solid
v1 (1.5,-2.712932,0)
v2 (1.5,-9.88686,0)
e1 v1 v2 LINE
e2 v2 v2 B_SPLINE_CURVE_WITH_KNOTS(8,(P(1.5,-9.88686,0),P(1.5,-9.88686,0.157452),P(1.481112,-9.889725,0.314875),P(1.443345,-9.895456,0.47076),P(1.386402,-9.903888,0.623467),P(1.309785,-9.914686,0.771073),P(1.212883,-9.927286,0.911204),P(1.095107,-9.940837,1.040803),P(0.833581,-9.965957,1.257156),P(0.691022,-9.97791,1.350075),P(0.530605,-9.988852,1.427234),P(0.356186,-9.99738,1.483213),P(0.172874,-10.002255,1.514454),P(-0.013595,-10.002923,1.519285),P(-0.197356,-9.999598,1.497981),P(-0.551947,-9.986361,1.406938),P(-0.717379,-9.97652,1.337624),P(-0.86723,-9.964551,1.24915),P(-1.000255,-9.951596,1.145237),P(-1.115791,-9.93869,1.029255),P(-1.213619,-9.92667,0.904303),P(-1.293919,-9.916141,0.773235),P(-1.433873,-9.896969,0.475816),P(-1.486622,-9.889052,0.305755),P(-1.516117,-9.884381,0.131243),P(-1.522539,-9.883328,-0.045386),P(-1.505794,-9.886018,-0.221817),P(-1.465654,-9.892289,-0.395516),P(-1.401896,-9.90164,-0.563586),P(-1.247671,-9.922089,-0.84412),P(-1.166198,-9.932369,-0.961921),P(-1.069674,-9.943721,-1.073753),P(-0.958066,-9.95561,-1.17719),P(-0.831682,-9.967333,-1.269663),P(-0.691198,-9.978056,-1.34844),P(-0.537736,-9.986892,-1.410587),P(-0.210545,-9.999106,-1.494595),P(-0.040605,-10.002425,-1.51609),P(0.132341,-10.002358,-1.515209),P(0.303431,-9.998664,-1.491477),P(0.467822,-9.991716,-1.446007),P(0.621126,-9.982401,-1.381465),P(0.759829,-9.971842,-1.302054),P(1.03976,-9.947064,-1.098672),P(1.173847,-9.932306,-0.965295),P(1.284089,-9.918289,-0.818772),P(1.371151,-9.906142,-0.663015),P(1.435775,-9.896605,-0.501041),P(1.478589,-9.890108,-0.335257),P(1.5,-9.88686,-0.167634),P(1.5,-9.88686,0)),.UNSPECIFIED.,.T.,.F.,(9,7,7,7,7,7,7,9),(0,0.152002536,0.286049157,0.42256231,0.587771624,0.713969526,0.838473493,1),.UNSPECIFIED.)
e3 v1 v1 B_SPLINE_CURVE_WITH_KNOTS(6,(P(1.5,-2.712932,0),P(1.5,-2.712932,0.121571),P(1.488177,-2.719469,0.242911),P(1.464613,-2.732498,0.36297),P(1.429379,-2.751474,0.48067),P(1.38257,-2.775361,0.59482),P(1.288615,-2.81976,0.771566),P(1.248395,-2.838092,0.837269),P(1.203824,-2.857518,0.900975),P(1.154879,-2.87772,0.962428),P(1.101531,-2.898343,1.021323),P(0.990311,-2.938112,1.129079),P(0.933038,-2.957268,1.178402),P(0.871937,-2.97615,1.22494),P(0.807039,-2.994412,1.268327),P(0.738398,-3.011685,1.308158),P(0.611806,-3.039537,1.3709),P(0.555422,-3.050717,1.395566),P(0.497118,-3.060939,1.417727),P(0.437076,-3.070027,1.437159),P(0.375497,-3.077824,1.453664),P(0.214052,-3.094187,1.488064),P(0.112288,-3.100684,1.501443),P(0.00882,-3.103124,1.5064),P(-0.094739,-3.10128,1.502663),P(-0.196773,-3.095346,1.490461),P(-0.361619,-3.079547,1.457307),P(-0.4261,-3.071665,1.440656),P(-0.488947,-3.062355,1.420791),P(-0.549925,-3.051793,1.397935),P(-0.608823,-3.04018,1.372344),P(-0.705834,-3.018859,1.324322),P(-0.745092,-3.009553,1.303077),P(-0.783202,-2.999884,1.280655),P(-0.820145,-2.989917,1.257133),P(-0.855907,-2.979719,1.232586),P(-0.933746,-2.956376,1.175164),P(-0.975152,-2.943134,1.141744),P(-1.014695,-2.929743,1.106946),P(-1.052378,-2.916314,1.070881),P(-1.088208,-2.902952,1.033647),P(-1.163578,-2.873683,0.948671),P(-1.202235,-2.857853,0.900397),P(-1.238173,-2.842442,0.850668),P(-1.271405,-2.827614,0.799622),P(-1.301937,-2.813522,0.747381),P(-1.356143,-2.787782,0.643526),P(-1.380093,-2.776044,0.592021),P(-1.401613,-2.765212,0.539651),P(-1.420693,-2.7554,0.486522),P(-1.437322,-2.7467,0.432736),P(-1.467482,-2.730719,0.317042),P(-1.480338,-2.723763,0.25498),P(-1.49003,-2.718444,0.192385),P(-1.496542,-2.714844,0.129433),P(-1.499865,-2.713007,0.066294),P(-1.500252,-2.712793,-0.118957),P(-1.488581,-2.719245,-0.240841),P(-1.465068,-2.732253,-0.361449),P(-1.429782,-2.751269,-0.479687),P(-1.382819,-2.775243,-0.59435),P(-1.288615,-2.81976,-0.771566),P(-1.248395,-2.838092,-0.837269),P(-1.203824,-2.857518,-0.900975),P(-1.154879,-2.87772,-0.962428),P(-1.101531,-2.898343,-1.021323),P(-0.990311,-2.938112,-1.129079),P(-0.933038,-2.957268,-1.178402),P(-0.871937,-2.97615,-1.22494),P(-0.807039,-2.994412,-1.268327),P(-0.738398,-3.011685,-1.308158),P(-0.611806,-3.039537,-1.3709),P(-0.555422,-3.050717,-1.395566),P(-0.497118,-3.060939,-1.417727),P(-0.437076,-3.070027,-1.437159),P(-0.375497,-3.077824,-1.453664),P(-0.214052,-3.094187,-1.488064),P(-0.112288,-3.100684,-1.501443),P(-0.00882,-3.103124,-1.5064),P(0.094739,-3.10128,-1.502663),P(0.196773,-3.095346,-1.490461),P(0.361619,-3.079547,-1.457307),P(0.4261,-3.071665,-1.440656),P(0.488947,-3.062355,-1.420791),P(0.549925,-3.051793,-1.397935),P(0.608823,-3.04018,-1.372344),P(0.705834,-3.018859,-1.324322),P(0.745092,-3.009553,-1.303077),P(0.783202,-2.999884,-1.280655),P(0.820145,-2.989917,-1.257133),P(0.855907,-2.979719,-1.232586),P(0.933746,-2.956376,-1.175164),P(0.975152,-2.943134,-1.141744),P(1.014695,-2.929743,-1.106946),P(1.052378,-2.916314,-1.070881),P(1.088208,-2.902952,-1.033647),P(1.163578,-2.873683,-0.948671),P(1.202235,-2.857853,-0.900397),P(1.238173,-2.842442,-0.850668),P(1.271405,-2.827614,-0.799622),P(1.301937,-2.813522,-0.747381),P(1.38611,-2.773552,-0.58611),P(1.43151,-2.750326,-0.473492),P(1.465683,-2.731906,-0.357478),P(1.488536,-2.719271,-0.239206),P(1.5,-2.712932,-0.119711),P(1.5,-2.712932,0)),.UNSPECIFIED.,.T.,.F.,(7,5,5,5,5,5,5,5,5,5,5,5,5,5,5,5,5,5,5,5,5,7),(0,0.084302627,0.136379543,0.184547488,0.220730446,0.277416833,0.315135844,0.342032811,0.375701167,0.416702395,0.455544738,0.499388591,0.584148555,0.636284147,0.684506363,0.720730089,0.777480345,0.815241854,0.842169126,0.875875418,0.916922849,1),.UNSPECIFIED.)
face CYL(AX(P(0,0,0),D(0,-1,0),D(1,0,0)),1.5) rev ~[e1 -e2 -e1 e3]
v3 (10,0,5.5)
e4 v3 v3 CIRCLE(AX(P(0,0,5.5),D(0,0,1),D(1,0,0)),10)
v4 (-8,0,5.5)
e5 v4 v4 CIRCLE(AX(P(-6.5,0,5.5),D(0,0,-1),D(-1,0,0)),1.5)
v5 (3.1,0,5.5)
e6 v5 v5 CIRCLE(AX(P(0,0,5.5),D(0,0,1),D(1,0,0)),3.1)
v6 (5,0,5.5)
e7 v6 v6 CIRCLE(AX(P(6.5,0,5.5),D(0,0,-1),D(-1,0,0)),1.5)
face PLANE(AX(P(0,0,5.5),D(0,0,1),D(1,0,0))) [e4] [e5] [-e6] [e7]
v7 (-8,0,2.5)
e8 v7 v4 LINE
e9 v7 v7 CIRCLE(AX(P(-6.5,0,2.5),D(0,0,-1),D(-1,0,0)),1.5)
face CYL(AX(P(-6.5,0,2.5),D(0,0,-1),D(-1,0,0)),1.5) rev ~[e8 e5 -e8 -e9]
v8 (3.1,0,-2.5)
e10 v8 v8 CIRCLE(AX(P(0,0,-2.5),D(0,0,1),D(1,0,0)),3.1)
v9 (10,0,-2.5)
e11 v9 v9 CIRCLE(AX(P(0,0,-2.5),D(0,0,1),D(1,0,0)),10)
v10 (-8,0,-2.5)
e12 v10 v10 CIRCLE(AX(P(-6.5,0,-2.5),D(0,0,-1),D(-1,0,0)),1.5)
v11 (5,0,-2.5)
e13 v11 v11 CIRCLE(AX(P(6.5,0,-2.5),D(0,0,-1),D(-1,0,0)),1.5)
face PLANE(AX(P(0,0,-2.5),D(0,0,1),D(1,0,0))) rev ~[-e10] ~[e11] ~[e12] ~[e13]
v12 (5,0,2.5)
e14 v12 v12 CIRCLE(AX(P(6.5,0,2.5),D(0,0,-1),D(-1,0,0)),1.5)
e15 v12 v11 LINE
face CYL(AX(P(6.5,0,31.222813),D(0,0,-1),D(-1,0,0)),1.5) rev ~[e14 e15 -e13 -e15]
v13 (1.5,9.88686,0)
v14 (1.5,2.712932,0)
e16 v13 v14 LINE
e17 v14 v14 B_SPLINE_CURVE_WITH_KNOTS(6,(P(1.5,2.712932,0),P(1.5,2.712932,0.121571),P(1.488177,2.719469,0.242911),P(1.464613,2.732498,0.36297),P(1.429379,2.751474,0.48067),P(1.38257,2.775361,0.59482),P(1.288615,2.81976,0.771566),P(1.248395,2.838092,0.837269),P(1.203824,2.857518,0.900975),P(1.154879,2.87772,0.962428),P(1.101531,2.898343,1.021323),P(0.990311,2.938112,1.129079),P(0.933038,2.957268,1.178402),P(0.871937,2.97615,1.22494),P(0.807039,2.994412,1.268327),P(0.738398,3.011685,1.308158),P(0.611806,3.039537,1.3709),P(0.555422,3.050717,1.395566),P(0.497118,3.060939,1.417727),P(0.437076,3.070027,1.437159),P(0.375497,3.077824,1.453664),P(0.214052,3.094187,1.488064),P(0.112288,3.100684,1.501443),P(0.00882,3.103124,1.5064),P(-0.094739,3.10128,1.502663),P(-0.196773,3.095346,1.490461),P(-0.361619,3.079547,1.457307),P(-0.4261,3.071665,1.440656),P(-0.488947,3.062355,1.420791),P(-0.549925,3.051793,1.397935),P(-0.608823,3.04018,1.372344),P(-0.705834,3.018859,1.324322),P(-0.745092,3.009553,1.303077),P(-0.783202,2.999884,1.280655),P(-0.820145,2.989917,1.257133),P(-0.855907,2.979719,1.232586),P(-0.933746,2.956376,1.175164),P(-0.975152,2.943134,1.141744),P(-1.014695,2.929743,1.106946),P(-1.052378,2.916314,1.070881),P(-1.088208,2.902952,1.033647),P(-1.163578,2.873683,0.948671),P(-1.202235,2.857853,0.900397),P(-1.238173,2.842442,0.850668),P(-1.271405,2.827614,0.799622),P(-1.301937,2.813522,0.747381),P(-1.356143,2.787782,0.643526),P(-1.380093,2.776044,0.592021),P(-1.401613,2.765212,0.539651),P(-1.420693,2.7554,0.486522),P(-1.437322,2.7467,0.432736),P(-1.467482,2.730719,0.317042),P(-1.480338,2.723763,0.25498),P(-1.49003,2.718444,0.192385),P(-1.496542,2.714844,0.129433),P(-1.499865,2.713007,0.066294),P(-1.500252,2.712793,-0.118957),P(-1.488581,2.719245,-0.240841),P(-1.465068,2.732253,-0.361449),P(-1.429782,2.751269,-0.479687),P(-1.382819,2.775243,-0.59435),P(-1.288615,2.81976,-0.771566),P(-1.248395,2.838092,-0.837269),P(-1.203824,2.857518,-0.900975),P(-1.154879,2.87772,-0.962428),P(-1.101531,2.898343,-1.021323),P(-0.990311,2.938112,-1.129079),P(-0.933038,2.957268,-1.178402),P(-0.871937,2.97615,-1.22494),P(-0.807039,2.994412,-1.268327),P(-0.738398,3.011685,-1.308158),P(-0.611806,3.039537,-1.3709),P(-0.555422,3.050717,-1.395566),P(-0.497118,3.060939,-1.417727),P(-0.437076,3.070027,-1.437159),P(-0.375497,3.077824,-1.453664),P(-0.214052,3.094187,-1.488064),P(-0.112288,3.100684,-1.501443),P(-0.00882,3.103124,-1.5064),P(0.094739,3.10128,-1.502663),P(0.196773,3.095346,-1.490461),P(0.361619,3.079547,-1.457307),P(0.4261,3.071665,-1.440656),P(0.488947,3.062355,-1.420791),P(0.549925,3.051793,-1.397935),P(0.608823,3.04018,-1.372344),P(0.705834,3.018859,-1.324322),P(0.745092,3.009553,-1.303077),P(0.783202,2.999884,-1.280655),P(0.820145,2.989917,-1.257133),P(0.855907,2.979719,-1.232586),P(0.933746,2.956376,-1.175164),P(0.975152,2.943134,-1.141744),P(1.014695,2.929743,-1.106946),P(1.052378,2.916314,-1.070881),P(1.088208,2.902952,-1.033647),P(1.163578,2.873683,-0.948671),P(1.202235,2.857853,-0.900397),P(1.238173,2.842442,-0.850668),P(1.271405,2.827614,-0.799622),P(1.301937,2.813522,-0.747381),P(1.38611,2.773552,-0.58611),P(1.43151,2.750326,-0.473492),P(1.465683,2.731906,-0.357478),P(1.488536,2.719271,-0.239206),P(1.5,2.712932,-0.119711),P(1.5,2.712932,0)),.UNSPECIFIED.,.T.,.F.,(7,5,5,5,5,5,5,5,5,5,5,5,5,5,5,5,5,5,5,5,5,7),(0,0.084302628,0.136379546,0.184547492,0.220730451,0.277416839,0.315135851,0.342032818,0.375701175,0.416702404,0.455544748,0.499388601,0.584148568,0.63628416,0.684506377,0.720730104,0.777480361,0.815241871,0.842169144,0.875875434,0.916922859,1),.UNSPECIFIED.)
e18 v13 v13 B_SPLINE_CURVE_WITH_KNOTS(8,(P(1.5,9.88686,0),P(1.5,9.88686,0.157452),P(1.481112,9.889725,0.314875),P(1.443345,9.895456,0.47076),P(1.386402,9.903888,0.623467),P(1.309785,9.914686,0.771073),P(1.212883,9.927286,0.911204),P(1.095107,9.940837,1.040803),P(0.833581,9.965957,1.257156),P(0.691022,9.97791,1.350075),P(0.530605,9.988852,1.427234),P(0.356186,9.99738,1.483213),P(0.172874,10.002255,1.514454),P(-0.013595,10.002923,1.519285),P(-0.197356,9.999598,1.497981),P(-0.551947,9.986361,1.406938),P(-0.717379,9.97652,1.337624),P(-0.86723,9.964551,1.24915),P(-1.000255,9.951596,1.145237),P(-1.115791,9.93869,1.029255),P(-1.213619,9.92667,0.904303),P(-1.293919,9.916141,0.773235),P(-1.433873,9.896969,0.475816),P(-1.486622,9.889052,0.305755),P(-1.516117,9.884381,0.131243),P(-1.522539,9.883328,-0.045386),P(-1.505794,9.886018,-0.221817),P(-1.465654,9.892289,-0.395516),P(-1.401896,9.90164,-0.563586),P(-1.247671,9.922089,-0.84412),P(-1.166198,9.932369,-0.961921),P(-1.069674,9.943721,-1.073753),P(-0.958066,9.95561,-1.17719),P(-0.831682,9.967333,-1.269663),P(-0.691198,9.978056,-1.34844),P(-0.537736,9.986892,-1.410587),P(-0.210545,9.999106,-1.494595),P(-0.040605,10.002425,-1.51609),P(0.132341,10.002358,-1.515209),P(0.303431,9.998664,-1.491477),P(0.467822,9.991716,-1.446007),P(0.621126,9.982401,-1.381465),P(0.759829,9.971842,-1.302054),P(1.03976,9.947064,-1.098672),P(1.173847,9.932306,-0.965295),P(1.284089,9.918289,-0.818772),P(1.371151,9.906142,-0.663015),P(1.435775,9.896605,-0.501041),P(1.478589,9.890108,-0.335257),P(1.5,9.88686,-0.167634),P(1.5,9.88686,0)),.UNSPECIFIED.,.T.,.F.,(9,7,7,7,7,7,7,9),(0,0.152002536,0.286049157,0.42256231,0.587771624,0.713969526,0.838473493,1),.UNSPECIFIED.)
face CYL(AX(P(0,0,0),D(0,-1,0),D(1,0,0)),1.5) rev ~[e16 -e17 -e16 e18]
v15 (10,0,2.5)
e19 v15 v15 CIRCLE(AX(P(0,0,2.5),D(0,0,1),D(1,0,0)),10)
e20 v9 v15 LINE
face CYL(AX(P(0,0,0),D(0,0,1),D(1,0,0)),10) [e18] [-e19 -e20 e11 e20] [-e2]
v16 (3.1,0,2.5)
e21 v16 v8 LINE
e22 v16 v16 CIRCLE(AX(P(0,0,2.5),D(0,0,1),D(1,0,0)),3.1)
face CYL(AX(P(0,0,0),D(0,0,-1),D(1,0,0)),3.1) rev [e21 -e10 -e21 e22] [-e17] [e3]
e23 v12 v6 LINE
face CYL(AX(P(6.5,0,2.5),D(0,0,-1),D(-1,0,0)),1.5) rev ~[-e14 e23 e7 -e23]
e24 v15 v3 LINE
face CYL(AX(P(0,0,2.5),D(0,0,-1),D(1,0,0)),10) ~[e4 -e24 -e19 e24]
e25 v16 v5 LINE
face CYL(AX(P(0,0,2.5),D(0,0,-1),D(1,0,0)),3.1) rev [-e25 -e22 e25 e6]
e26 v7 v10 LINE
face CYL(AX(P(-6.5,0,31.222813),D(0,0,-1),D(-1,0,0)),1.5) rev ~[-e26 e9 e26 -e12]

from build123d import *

# Parameters (mm, degrees)
F0_R     = 10
F0_R_2   = 3.1
F1_DEPTH = 2.5
F3_D     = 3
F4_R     = 1.5
F5_DEPTH = 12.5
F6_DEPTH = 3


with BuildPart() as f1:
    # F0 (on Top) → F1 (new body, symmetric)
    with BuildSketch(Plane.XY):
        Circle(F0_R)
        Circle(F0_R_2, mode=Mode.SUBTRACT)
    extrude(amount=F1_DEPTH, both=True)

    # F3 (through all)
    with Locations(Plane.XY.offset(2.5)):
        with Locations((-6.5, 0), (6.5, 0)):
            Hole(F3_D / 2)

    # F4 (on Front) → F5 (cut, symmetric)
    with BuildSketch(Plane.XZ):
        Circle(F4_R)
    extrude(amount=F5_DEPTH, both=True, mode=Mode.SUBTRACT)

    # F6 (add): a face of the model
    f6_faces = [f1.faces().sort_by_distance(p)[0] for p in [
        (-9.7171572875, 0, 2.5),
    ]]
    extrude(f6_faces, amount=F6_DEPTH)


solid = f1.part
